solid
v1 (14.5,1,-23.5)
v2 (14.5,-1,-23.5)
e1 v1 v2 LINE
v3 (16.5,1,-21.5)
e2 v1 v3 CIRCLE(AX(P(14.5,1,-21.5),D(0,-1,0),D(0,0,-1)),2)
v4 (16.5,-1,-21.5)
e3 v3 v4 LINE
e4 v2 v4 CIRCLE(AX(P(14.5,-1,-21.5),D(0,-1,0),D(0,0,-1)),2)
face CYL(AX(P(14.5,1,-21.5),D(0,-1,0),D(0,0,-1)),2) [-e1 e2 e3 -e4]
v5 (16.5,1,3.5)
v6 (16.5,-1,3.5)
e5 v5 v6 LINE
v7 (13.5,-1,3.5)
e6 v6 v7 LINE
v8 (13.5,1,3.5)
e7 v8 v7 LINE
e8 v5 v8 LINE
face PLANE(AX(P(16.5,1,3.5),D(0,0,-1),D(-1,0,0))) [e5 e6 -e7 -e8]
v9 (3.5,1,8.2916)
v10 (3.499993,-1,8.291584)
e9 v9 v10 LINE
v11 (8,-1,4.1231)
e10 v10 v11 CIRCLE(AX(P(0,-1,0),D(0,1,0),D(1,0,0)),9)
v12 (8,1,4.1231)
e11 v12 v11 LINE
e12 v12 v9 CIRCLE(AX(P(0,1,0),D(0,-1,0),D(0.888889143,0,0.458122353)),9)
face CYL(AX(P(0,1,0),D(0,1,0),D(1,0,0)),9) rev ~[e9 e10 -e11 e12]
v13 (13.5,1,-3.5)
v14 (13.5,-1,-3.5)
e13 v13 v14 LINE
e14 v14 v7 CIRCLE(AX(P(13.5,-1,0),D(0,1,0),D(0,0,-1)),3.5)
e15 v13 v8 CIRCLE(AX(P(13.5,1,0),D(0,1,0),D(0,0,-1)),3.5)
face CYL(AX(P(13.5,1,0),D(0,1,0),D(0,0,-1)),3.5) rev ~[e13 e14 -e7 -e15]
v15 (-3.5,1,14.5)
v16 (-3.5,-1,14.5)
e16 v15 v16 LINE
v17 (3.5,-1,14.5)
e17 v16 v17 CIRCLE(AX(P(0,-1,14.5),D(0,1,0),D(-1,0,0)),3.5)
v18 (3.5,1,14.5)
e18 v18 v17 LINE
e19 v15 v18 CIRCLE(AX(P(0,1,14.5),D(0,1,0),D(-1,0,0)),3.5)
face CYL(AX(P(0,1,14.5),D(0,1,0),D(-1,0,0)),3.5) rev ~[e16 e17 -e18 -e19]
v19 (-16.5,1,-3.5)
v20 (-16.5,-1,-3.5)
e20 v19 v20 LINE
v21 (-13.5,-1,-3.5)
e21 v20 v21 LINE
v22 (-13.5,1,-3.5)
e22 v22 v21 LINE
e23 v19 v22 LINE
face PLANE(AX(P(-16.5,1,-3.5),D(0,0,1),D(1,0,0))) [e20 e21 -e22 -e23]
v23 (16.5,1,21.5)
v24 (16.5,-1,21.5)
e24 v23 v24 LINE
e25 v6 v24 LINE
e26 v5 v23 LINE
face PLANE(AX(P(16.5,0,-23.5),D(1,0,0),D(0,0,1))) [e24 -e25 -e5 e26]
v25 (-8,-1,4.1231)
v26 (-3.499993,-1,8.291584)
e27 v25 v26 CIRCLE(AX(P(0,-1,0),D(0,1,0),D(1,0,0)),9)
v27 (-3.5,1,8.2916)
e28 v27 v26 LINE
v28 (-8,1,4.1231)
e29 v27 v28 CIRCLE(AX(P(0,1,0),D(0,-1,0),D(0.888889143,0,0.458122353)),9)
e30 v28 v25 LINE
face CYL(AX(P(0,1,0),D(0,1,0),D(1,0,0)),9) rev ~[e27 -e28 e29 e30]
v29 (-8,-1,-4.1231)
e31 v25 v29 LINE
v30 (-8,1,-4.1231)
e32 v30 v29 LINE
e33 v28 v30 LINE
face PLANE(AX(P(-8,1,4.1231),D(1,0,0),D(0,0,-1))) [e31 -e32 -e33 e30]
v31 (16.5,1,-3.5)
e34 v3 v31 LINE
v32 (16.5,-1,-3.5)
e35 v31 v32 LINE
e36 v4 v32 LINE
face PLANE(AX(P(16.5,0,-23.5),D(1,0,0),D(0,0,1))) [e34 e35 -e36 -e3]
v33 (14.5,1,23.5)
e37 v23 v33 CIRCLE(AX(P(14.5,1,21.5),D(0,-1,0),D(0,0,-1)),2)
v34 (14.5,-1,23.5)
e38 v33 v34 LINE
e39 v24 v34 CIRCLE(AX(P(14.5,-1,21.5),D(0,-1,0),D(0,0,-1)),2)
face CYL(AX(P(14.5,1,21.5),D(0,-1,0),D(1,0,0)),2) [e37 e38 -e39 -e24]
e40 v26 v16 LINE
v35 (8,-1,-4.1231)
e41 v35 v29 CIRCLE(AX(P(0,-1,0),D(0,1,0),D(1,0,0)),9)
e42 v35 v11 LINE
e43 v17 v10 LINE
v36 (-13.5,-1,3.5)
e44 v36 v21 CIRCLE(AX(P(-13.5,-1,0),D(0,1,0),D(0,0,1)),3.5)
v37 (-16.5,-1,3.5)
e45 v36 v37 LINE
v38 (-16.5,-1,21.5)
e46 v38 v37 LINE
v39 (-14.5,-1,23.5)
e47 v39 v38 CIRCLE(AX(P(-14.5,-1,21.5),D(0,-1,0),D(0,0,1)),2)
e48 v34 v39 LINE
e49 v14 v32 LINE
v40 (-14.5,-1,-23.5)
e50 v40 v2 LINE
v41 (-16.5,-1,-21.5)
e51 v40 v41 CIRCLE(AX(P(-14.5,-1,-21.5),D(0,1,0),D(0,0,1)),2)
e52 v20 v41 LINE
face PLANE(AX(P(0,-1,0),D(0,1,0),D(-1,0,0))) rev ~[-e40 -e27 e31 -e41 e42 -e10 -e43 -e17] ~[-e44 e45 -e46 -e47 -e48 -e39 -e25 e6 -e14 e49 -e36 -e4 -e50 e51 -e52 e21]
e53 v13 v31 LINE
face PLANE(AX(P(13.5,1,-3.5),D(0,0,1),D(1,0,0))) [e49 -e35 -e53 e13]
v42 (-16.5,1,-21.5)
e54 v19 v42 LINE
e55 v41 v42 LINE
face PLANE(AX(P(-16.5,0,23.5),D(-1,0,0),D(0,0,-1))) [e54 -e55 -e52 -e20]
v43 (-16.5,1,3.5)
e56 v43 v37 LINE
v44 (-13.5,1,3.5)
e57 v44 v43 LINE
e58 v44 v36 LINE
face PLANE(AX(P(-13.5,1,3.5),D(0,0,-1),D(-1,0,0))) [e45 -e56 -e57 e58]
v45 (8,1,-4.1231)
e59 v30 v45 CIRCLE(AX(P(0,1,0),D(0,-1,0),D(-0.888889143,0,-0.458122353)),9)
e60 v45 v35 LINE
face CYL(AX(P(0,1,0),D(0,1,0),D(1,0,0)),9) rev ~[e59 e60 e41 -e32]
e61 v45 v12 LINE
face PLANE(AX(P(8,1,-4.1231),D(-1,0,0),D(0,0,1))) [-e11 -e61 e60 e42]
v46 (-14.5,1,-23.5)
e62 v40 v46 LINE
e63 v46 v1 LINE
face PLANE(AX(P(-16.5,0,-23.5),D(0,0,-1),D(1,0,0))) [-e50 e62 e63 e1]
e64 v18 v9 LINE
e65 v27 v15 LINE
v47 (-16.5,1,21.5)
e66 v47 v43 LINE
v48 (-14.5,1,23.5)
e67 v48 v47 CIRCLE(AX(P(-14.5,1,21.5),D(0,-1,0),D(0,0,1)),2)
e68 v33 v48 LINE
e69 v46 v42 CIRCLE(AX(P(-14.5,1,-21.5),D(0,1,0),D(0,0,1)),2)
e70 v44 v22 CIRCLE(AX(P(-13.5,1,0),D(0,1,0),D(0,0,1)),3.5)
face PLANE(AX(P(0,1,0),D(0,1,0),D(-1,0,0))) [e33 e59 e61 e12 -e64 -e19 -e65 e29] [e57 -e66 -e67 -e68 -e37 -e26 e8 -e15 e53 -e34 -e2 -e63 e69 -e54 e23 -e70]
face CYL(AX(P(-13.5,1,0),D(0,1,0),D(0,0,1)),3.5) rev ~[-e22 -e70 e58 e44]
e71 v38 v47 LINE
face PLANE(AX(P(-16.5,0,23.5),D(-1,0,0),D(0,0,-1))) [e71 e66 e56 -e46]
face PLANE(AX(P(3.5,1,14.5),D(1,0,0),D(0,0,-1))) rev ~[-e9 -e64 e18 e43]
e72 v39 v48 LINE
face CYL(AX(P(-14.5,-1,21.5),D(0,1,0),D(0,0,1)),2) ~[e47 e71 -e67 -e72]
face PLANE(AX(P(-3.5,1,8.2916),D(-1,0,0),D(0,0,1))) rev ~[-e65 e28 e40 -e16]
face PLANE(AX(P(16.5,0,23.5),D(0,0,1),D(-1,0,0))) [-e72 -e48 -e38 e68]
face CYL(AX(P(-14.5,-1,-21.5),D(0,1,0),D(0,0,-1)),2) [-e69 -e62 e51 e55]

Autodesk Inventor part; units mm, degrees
ref_plane "YZ Plane" through (0, 0, 0) normal (1, 0, 0) x (0, 1, 0)
ref_plane "XZ Plane" through (0, 0, 0) normal (0, 1, 0) x (-1, 0, 0)
ref_plane "XY Plane" through (0, 0, 0) normal (0, 0, 1) x (1, 0, 0)
sketch "Sketch1" plane through (0, 0, 0) normal (0, 1, 0) x (-1, 0, 0)
  line L0 (16.5, -23.5) -> (-16.5, -23.5)
  line L1 (-16.5, -23.5) -> (-16.5, 23.5)
  line L2 (-16.5, 23.5) -> (16.5, 23.5)
  line L3 (16.5, 23.5) -> (16.5, -23.5)
  point P0 (0, 0)
  point P1 (16.5, 0)
  point P2 (0, -23.5)
  dimension "d0" = 33
  dimension "d1" = 47
extrude "Extrusion1" add sketch "Sketch1" along normal mid plane 2
sketch "Sketch2" plane through (0, 1, 0) normal (0, 1, 0) x (1, 0, 0)
  circle A0 centre (0, 0) radius 9
  line L0 (-8, -4.1231) -> (-8, 4.1231)
  line L1 (8, 4.1231) -> (8, -4.1231)
  line L2 (0, 32.9) -> (0, -32.9) projected
  dimension "d4" = 18
  dimension "d5" = 16
extrude "Extrusion2" cut sketch "Sketch2" against normal through all contours L1 A0 L2 | L2 A0 L0
sketch "Sketch3" plane through (0, 1, 0) normal (0, 1, 0) x (1, 0, 0)
  line L0 (-3.5, -8.2916) -> (-3.5, -14.5)
  arc A0 (-3.5, -14.5) -> (3.5, -14.5) centre (0, -14.5) ccw
  line L1 (3.5, -14.5) -> (3.5, -8.2916)
  line L2 (16.5, -3.5) -> (13.5, -3.5)
  arc A1 (13.5, 3.5) -> (13.5, -3.5) centre (13.5, 0) ccw
  line L3 (13.5, 3.5) -> (16.5, 3.5)
  line L4 (-16.5, 3.5) -> (-13.5, 3.5)
  arc A2 (-13.5, -3.5) -> (-13.5, 3.5) centre (-13.5, 0) ccw
  line L5 (-13.5, -3.5) -> (-16.5, -3.5)
  line L6 (8, 4.1231) -> (8, -4.1231) projected
  arc A3 (-8, -4.1231) -> (8, -4.1231) centre (0, 0) ccw projected
  line L7 (-8, -4.1231) -> (-8, 4.1231) projected
  arc A4 (8, 4.1231) -> (-8, 4.1231) centre (0, 0) ccw projected
  line L8 (16.5, 23.5) -> (16.5, -23.5) projected
  line L9 (-16.5, 23.5) -> (16.5, 23.5) projected
  line L10 (-16.5, -23.5) -> (-16.5, 23.5) projected
  line L11 (16.5, -23.5) -> (-16.5, -23.5) projected
  line L12 (-23.1, 0) -> (23.1, 0) projected
  line L13 (0, 32.9) -> (0, -32.9) projected
  dimension "d8" = 20
  dimension "d9" = 7
  dimension "d10" = 7
  dimension "d11" = 27
extrude "Extrusion3" cut sketch "Sketch3" against normal through all contours A3 L13 A0 L0 | A3 L1 A0 L13 | L12 L10 L4 A2 | A2 L5 L10 L12 | L12 L8 L2 A1 | A1 L3 L8 L12
fillet "Fillet1" radius 2 4 edges at (-16.5, 0, 23.5) (16.5, 0, 23.5) (16.5, 0, -23.5) (-16.5, 0, -23.5)
properties part number "Quick Release Rubber Pad" material "Rubber"
